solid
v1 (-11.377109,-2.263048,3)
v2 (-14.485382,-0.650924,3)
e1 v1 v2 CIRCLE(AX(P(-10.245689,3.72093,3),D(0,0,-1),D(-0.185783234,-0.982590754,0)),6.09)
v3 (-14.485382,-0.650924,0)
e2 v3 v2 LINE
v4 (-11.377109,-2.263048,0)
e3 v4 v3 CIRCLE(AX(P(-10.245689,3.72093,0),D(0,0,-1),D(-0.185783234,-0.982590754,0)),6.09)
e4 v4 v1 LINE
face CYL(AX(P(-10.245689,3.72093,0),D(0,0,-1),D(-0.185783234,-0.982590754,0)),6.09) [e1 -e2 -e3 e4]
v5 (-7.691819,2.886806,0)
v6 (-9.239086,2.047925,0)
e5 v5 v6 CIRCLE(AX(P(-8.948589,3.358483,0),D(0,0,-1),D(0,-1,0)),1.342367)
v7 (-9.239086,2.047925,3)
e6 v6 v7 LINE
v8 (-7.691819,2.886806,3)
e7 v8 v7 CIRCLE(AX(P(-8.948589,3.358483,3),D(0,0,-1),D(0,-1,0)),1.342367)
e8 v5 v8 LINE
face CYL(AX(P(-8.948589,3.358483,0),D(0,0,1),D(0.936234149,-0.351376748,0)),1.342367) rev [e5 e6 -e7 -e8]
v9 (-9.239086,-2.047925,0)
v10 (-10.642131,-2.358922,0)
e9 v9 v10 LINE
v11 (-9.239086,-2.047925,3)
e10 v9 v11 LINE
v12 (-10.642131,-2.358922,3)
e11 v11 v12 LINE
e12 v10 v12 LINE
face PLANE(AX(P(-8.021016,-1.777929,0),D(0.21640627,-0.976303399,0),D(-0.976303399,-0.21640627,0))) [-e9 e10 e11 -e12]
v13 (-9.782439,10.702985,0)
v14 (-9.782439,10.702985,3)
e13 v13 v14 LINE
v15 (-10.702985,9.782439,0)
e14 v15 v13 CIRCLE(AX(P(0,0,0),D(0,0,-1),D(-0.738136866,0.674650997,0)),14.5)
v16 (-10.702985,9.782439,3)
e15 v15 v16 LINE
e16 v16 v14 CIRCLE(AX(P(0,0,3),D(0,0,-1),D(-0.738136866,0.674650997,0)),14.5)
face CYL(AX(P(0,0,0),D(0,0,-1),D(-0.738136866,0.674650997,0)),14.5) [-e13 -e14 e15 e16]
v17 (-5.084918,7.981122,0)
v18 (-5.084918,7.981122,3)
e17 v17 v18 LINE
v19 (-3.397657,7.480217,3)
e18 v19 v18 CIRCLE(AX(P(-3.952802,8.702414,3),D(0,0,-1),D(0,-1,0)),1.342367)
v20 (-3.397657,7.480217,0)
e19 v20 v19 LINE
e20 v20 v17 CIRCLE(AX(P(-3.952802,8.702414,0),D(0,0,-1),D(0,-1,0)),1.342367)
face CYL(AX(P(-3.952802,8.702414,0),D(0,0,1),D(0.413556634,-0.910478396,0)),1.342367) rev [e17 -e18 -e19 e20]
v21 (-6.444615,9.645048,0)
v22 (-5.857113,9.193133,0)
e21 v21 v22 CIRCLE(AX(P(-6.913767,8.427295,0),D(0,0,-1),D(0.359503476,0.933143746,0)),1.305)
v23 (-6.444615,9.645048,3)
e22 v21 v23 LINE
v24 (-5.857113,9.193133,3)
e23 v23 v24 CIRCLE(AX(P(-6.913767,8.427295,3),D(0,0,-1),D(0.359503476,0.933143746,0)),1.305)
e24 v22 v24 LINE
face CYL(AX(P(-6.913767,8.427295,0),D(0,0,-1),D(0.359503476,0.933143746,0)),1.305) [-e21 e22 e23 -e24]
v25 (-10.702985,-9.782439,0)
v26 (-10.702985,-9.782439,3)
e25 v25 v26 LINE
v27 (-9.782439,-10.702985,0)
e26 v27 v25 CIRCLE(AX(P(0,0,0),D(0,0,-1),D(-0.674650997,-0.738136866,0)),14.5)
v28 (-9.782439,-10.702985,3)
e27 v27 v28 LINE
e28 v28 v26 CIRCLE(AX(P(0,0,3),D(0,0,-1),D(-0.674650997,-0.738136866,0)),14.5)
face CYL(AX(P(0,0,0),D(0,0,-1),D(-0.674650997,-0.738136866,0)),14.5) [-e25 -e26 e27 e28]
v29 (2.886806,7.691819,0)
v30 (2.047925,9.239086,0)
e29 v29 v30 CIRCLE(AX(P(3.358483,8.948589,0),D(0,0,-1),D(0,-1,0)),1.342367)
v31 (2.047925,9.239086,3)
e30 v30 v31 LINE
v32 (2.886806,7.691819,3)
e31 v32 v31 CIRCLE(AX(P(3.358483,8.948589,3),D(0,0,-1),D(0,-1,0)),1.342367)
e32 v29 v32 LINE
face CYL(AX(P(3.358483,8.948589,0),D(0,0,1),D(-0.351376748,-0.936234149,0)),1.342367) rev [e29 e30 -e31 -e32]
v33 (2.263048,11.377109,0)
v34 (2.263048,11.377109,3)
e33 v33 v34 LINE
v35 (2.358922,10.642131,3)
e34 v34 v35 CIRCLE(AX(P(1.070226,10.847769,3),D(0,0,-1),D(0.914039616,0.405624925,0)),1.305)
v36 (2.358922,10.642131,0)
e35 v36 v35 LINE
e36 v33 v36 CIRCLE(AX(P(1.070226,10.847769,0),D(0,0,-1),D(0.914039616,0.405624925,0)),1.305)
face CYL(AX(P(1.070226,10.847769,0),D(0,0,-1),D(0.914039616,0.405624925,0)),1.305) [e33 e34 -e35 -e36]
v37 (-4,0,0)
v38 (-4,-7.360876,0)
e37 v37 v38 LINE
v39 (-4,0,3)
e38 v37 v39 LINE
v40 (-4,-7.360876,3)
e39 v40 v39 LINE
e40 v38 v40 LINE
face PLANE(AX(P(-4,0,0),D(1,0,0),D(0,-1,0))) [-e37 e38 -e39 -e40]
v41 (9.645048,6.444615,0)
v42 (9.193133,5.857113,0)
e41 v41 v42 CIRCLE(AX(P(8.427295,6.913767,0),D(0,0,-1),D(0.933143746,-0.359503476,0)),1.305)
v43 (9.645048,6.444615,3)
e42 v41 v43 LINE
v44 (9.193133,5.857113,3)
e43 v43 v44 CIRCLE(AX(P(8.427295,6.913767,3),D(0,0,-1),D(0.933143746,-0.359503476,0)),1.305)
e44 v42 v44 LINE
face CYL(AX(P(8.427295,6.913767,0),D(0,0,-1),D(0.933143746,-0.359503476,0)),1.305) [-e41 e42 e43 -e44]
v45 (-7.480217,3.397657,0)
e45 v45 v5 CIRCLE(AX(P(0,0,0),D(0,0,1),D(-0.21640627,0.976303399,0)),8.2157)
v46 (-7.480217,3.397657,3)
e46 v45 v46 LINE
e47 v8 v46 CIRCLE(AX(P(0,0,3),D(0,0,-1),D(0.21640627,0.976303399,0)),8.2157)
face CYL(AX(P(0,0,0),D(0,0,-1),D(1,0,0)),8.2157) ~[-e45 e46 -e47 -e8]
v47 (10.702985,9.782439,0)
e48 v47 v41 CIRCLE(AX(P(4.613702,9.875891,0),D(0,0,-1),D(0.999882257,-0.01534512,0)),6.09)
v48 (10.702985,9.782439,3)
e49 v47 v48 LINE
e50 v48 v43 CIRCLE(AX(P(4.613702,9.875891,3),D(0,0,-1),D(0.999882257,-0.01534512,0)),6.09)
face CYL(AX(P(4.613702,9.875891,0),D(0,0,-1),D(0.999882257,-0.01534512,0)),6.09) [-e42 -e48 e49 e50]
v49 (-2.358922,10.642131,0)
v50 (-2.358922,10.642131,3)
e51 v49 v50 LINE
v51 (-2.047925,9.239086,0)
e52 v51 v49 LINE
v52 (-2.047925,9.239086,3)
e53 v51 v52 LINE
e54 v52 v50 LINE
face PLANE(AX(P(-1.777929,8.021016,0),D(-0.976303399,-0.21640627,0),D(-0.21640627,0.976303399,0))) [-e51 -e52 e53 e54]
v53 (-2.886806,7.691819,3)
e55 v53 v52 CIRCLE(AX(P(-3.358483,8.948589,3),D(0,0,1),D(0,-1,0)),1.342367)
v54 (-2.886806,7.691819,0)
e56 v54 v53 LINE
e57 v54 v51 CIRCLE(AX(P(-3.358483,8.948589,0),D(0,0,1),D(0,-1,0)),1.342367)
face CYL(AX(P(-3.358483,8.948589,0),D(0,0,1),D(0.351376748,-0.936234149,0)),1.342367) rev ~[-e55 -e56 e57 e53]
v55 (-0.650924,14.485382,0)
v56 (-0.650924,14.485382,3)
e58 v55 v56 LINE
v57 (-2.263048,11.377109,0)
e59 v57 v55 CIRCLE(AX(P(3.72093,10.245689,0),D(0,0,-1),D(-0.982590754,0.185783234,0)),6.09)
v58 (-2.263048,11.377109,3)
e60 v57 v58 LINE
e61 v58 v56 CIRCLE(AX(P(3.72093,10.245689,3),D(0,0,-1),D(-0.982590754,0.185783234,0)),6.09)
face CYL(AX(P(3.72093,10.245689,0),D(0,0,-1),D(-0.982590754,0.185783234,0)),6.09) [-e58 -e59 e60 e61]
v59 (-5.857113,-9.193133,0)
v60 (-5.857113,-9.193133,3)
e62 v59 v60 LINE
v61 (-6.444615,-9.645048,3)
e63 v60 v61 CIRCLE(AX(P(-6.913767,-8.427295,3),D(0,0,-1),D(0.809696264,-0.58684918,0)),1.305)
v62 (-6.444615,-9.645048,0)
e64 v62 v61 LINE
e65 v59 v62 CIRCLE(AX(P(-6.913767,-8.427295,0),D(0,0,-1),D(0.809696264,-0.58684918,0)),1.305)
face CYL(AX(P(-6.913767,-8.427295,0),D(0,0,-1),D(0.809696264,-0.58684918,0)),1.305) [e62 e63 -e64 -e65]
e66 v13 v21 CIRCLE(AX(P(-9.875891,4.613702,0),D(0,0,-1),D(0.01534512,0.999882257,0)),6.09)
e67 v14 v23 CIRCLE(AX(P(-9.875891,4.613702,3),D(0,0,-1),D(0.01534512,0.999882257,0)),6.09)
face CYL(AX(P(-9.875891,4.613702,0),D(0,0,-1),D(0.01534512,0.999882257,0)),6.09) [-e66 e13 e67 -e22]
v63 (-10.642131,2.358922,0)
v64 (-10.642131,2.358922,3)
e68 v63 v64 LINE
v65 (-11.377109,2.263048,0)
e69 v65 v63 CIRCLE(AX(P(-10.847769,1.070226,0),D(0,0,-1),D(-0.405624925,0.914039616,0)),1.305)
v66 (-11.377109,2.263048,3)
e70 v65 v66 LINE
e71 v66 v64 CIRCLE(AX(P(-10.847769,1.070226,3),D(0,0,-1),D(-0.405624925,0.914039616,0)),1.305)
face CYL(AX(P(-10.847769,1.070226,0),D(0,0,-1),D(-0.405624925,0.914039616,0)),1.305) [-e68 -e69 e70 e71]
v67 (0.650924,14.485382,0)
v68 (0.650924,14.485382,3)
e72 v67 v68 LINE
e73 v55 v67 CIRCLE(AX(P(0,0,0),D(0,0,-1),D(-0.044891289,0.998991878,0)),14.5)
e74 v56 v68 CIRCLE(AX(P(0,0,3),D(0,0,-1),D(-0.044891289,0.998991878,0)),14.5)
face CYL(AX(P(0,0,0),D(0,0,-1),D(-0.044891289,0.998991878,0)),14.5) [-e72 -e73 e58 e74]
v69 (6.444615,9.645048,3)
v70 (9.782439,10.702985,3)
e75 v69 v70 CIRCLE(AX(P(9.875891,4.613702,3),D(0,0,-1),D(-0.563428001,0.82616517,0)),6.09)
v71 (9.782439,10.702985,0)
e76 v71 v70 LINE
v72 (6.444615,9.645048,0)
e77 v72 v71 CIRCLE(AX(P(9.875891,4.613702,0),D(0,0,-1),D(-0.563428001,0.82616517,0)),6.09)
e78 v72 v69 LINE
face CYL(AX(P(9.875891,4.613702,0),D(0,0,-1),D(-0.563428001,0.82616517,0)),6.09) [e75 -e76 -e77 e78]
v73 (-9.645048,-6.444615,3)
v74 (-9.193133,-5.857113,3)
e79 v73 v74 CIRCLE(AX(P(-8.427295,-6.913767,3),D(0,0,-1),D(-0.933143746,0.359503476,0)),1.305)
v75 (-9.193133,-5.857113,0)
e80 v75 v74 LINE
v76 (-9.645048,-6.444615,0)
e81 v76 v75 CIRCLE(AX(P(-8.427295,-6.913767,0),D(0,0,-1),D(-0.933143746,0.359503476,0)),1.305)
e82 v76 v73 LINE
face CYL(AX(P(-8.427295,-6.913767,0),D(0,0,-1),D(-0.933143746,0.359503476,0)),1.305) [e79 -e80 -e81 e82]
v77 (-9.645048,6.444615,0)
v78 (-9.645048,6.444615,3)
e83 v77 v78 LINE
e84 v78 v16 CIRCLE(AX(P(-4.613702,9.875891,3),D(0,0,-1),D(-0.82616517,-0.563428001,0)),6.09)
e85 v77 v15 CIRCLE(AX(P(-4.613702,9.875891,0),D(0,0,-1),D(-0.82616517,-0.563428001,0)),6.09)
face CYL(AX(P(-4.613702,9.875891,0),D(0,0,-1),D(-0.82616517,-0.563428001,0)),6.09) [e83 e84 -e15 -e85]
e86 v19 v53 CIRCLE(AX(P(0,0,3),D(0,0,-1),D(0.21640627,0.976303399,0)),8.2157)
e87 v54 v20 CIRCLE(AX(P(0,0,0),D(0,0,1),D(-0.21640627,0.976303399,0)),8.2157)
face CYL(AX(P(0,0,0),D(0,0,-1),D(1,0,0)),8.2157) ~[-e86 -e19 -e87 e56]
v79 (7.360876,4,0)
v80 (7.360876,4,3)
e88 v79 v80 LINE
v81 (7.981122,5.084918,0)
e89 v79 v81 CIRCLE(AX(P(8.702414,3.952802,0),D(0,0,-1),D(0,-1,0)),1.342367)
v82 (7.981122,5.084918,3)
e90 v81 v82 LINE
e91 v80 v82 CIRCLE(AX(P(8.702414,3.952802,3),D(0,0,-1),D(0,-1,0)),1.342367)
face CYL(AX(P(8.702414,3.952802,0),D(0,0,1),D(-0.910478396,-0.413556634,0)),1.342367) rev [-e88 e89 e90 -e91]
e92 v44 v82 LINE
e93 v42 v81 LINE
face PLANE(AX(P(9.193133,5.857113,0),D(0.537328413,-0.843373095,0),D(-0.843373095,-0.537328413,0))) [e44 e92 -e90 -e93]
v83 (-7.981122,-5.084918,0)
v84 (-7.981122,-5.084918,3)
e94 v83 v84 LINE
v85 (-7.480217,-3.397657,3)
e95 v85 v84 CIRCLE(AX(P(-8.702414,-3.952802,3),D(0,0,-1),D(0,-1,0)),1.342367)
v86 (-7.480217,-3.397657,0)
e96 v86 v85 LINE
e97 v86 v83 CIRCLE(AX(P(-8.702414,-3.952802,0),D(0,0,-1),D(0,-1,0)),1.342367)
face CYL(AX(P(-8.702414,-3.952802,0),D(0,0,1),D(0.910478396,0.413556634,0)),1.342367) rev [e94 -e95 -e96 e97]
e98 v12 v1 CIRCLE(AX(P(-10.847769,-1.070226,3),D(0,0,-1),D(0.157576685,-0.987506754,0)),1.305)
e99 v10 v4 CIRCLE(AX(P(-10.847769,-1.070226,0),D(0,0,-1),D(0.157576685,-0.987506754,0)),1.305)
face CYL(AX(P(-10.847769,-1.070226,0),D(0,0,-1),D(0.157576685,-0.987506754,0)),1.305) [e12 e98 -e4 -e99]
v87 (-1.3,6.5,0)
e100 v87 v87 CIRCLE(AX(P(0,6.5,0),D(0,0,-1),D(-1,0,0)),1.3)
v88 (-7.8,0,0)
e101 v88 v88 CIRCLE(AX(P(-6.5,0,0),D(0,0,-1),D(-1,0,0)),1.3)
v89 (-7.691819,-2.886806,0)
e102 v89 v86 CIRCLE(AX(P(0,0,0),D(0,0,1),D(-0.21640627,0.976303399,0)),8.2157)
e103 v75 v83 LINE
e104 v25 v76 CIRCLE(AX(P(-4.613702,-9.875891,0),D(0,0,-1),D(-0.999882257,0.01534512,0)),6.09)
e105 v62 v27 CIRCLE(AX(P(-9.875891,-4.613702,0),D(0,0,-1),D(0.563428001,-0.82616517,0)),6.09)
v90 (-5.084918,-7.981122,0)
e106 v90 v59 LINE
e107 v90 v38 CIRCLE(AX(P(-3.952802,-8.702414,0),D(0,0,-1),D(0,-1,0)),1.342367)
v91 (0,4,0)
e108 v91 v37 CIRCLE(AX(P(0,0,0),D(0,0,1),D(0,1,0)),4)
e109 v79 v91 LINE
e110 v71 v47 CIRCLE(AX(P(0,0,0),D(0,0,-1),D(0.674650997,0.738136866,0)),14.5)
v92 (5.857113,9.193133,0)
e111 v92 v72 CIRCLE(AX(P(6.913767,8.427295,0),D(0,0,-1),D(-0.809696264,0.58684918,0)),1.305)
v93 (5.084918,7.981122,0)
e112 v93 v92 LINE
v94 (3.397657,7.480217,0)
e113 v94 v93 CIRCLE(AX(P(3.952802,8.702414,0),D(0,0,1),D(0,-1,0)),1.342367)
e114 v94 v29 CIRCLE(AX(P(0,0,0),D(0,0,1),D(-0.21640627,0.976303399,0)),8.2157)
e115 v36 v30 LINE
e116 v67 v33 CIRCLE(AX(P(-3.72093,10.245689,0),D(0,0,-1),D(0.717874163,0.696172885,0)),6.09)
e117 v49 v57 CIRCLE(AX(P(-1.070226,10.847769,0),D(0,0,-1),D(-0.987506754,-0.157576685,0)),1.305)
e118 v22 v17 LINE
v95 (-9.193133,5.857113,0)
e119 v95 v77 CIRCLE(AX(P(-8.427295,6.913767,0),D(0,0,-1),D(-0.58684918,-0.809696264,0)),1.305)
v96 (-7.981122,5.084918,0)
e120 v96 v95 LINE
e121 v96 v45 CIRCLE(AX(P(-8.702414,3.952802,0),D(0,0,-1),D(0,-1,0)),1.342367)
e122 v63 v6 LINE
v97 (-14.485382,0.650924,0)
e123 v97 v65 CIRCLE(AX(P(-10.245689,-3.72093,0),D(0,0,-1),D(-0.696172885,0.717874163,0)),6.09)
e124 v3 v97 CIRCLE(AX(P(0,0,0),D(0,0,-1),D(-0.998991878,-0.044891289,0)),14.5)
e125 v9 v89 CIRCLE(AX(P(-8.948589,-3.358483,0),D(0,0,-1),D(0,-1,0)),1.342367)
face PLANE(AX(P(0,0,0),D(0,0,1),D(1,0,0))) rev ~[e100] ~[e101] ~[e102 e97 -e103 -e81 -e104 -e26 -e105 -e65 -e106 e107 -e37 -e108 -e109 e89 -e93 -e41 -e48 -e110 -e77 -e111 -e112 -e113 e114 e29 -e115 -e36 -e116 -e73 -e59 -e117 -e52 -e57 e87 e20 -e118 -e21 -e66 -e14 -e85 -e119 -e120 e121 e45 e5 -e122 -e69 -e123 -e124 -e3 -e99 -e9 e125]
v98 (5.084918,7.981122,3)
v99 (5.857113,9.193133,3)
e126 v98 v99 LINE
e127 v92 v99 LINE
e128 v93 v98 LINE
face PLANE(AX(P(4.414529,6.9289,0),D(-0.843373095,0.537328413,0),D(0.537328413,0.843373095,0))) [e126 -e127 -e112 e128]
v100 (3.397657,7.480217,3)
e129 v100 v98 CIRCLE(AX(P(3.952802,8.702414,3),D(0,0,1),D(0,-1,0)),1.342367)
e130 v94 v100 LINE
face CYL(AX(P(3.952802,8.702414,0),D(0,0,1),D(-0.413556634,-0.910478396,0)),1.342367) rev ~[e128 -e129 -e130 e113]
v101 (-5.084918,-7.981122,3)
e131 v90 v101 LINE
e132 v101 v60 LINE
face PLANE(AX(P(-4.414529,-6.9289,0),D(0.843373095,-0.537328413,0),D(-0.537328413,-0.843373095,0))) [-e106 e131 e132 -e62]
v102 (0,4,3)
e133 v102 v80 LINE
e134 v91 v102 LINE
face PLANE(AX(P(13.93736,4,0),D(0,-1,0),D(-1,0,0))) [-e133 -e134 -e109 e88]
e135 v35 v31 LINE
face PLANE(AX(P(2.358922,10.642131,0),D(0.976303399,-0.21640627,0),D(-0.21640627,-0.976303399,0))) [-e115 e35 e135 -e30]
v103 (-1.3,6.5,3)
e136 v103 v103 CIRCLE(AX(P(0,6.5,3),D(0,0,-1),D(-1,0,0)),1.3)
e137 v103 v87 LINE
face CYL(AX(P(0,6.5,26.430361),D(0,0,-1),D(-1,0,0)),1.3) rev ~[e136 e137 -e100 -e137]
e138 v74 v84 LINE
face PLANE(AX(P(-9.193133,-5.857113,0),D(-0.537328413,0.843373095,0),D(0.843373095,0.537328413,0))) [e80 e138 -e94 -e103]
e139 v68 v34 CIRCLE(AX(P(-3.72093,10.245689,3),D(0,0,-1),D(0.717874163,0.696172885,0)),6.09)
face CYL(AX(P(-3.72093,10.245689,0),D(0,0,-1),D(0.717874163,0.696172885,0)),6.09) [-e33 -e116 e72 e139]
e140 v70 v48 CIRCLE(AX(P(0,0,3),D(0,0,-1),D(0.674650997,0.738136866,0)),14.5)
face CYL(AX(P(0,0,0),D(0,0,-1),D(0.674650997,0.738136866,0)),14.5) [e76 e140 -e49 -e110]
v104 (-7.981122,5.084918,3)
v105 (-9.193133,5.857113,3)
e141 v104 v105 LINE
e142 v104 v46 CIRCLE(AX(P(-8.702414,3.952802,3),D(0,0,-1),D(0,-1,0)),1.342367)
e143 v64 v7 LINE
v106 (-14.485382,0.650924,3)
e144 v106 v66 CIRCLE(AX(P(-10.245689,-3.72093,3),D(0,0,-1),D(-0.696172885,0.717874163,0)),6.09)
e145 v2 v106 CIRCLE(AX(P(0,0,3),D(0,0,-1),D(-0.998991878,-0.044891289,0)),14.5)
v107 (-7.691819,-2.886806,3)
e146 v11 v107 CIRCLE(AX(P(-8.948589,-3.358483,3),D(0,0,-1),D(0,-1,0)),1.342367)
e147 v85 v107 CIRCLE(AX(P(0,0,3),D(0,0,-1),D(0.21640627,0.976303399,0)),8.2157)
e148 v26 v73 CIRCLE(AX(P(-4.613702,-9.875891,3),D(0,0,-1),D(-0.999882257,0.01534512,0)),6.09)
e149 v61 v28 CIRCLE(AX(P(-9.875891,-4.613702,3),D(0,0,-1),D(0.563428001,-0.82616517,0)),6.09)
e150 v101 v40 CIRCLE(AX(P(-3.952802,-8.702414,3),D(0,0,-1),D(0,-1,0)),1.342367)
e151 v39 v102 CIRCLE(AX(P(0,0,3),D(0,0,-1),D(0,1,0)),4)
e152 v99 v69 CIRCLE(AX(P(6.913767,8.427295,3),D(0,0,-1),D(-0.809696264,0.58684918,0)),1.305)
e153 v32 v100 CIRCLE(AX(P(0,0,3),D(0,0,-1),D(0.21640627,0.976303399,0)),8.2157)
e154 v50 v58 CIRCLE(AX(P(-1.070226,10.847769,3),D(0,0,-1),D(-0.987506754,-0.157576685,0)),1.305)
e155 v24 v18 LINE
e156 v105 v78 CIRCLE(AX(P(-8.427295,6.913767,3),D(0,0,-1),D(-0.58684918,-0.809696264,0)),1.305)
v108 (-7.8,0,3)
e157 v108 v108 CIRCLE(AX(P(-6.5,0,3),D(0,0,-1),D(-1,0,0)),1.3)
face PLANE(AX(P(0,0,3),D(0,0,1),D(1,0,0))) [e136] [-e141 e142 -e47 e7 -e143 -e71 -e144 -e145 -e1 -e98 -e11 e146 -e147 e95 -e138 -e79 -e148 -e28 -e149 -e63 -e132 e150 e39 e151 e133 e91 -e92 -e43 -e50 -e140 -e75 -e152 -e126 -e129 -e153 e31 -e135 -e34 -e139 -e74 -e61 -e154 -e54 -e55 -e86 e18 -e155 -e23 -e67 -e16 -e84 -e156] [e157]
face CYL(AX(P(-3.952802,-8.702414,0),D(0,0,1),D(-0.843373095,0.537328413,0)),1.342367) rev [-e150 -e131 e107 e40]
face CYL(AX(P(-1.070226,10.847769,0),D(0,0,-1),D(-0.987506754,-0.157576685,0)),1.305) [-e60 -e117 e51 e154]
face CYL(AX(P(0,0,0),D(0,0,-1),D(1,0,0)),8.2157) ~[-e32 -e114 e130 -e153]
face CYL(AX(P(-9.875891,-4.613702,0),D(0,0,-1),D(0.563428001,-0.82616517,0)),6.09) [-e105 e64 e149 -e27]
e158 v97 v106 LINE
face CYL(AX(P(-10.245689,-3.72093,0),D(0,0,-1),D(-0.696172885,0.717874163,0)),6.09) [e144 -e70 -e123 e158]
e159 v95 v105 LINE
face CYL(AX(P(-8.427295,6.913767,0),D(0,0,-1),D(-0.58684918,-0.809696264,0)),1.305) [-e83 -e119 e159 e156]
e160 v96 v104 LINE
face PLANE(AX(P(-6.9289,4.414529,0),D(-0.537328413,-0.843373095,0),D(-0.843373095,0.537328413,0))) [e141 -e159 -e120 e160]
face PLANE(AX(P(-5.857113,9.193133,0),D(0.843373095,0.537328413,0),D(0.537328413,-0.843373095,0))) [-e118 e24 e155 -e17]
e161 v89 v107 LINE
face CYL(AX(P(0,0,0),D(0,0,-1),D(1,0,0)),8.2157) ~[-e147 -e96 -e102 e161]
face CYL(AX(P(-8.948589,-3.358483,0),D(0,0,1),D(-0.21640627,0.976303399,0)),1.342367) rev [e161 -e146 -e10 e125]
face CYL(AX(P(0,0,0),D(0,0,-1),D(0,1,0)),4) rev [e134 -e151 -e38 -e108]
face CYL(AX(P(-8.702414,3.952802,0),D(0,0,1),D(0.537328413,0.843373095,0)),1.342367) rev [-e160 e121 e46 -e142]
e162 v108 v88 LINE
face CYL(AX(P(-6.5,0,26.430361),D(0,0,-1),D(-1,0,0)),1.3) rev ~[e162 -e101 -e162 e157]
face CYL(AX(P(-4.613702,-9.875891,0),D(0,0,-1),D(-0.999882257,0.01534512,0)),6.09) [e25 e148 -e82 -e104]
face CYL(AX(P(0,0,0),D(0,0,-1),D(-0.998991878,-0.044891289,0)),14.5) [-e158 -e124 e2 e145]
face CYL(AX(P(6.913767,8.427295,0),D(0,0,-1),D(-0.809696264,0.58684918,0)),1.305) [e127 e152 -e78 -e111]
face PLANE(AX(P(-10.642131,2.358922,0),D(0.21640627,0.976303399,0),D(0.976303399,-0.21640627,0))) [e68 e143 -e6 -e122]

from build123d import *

# Parameters (mm, degrees)
POSICIONAMENTOS_R               = 8.2157
BASE_DEPTH                      = 3
FURO_DE_DI_METRO_2_6_2_6_1_D    = 2.6
BASE_DENTE_DEPTH                = 3
RAIO_DENTE_R                    = 1.342367201
PADR_OCIRCULAR1_COUNT           = 8
RAIO_DENTE_OF_PADR_OCIRCULAR1_R = 1.342367201
FURO_DE_DI_METRO_3_0_3_1_D      = 3
CORTE_EXTRUS_O1_DEPTH           = 21.724381776


with BuildPart() as part:
    # Posicionamentos → Base (new body)
    with BuildSketch(Plane.XY):
        Circle(POSICIONAMENTOS_R)
    extrude(amount=BASE_DEPTH)

    # Furo de diâmetro Ø2.6 (2.6)1 (through all)
    with Locations(Plane.XY.offset(3)):
        with Locations((0, 6.5), (-6.5, 0)):
            Hole(FURO_DE_DI_METRO_2_6_2_6_1_D / 2)

    # Dente → Base Dente (add, through all)
    with BuildSketch(Plane.XY):
        with BuildLine():
            Line((2.358922349, 10.642131153), (1.777928991, 8.021015833))
            ThreePointArc((1.777928991, 8.021015833), (0, 8.2157), (-1.777928991, 8.021015833))
            Line((-1.777928991, 8.021015833), (-2.358922349, 10.642131153))
            ThreePointArc((-2.358922349, 10.642131153), (-2.364262787, 11.016570047), (-2.263047735, 11.377109253))
            ThreePointArc((-2.263047735, 11.377109253), (-1.685191659, 13.049606095), (-0.650923694, 14.48538223))
            ThreePointArc((-0.650923694, 14.48538223), (0, 14.5), (0.650923694, 14.48538223))
            ThreePointArc((0.650923694, 14.48538223), (1.685191659, 13.049606095), (2.263047735, 11.377109253))
            ThreePointArc((2.263047735, 11.377109253), (2.364262787, 11.016570047), (2.358922349, 10.642131153))
        make_face()
    base_dente = extrude(amount=BASE_DENTE_DEPTH)

    # Raio Dente
    raio_dente_edges = [part.edges().sort_by_distance(p)[0] for p in [
        (-1.777928991, 8.021015833, 1.5),
        (1.777928991, 8.021015833, 1.5),
    ]]
    fillet(raio_dente_edges, radius=RAIO_DENTE_R)

    # PadrãoCircular1: Base Dente ×8 about axis
    padr_ocircular1_axis = Axis((0, 0, 0), (0, 0, 1))
    for i in range(1, PADR_OCIRCULAR1_COUNT):
        add(base_dente.rotate(padr_ocircular1_axis, i * 360 / PADR_OCIRCULAR1_COUNT))

    # Raio Dente of PadrãoCircular1
    raio_dente_of_padr_ocircular1_edges = [part.edges().sort_by_distance(p)[0] for p in [
        (-6.928900334, 4.414529041, 1.5),
        (-4.414529041, 6.928900334, 1.5),
        (-8.021015833, -1.777928991, 1.5),
        (-8.021015833, 1.777928991, 1.5),
        (-4.414529041, -6.928900334, 1.5),
        (-6.928900334, -4.414529041, 1.5),
        (1.777928991, -8.021015833, 1.5),
        (-1.777928991, -8.021015833, 1.5),
        (6.928900334, -4.414529041, 1.5),
        (4.414529041, -6.928900334, 1.5),
        (8.021015833, 1.777928991, 1.5),
        (8.021015833, -1.777928991, 1.5),
        (4.414529041, 6.928900334, 1.5),
        (6.928900334, 4.414529041, 1.5),
    ]]
    fillet(raio_dente_of_padr_ocircular1_edges, radius=RAIO_DENTE_OF_PADR_OCIRCULAR1_R)

    # Furo de diâmetro Ø3.0 (3)1 (through all)
    with Locations(Plane.XY.offset(3)):
        with Locations((0, 0)):
            Hole(FURO_DE_DI_METRO_3_0_3_1_D / 2)

    # Encaixe → Corte-extrusão1 (cut, through all)
    with BuildSketch(Plane.XY):
        with BuildLine():
            Line((-4, 0), (-4, -13.937359865))
            ThreePointArc((-4, -13.937359865), (10.253048327, -10.253048327), (13.937359865, 4))
            Line((13.937359865, 4), (0, 4))
            ThreePointArc((0, 4), (-2.828427125, 2.828427125), (-4, 0))
        make_face()
    extrude(amount=CORTE_EXTRUS_O1_DEPTH, mode=Mode.SUBTRACT)


solid = part.part
